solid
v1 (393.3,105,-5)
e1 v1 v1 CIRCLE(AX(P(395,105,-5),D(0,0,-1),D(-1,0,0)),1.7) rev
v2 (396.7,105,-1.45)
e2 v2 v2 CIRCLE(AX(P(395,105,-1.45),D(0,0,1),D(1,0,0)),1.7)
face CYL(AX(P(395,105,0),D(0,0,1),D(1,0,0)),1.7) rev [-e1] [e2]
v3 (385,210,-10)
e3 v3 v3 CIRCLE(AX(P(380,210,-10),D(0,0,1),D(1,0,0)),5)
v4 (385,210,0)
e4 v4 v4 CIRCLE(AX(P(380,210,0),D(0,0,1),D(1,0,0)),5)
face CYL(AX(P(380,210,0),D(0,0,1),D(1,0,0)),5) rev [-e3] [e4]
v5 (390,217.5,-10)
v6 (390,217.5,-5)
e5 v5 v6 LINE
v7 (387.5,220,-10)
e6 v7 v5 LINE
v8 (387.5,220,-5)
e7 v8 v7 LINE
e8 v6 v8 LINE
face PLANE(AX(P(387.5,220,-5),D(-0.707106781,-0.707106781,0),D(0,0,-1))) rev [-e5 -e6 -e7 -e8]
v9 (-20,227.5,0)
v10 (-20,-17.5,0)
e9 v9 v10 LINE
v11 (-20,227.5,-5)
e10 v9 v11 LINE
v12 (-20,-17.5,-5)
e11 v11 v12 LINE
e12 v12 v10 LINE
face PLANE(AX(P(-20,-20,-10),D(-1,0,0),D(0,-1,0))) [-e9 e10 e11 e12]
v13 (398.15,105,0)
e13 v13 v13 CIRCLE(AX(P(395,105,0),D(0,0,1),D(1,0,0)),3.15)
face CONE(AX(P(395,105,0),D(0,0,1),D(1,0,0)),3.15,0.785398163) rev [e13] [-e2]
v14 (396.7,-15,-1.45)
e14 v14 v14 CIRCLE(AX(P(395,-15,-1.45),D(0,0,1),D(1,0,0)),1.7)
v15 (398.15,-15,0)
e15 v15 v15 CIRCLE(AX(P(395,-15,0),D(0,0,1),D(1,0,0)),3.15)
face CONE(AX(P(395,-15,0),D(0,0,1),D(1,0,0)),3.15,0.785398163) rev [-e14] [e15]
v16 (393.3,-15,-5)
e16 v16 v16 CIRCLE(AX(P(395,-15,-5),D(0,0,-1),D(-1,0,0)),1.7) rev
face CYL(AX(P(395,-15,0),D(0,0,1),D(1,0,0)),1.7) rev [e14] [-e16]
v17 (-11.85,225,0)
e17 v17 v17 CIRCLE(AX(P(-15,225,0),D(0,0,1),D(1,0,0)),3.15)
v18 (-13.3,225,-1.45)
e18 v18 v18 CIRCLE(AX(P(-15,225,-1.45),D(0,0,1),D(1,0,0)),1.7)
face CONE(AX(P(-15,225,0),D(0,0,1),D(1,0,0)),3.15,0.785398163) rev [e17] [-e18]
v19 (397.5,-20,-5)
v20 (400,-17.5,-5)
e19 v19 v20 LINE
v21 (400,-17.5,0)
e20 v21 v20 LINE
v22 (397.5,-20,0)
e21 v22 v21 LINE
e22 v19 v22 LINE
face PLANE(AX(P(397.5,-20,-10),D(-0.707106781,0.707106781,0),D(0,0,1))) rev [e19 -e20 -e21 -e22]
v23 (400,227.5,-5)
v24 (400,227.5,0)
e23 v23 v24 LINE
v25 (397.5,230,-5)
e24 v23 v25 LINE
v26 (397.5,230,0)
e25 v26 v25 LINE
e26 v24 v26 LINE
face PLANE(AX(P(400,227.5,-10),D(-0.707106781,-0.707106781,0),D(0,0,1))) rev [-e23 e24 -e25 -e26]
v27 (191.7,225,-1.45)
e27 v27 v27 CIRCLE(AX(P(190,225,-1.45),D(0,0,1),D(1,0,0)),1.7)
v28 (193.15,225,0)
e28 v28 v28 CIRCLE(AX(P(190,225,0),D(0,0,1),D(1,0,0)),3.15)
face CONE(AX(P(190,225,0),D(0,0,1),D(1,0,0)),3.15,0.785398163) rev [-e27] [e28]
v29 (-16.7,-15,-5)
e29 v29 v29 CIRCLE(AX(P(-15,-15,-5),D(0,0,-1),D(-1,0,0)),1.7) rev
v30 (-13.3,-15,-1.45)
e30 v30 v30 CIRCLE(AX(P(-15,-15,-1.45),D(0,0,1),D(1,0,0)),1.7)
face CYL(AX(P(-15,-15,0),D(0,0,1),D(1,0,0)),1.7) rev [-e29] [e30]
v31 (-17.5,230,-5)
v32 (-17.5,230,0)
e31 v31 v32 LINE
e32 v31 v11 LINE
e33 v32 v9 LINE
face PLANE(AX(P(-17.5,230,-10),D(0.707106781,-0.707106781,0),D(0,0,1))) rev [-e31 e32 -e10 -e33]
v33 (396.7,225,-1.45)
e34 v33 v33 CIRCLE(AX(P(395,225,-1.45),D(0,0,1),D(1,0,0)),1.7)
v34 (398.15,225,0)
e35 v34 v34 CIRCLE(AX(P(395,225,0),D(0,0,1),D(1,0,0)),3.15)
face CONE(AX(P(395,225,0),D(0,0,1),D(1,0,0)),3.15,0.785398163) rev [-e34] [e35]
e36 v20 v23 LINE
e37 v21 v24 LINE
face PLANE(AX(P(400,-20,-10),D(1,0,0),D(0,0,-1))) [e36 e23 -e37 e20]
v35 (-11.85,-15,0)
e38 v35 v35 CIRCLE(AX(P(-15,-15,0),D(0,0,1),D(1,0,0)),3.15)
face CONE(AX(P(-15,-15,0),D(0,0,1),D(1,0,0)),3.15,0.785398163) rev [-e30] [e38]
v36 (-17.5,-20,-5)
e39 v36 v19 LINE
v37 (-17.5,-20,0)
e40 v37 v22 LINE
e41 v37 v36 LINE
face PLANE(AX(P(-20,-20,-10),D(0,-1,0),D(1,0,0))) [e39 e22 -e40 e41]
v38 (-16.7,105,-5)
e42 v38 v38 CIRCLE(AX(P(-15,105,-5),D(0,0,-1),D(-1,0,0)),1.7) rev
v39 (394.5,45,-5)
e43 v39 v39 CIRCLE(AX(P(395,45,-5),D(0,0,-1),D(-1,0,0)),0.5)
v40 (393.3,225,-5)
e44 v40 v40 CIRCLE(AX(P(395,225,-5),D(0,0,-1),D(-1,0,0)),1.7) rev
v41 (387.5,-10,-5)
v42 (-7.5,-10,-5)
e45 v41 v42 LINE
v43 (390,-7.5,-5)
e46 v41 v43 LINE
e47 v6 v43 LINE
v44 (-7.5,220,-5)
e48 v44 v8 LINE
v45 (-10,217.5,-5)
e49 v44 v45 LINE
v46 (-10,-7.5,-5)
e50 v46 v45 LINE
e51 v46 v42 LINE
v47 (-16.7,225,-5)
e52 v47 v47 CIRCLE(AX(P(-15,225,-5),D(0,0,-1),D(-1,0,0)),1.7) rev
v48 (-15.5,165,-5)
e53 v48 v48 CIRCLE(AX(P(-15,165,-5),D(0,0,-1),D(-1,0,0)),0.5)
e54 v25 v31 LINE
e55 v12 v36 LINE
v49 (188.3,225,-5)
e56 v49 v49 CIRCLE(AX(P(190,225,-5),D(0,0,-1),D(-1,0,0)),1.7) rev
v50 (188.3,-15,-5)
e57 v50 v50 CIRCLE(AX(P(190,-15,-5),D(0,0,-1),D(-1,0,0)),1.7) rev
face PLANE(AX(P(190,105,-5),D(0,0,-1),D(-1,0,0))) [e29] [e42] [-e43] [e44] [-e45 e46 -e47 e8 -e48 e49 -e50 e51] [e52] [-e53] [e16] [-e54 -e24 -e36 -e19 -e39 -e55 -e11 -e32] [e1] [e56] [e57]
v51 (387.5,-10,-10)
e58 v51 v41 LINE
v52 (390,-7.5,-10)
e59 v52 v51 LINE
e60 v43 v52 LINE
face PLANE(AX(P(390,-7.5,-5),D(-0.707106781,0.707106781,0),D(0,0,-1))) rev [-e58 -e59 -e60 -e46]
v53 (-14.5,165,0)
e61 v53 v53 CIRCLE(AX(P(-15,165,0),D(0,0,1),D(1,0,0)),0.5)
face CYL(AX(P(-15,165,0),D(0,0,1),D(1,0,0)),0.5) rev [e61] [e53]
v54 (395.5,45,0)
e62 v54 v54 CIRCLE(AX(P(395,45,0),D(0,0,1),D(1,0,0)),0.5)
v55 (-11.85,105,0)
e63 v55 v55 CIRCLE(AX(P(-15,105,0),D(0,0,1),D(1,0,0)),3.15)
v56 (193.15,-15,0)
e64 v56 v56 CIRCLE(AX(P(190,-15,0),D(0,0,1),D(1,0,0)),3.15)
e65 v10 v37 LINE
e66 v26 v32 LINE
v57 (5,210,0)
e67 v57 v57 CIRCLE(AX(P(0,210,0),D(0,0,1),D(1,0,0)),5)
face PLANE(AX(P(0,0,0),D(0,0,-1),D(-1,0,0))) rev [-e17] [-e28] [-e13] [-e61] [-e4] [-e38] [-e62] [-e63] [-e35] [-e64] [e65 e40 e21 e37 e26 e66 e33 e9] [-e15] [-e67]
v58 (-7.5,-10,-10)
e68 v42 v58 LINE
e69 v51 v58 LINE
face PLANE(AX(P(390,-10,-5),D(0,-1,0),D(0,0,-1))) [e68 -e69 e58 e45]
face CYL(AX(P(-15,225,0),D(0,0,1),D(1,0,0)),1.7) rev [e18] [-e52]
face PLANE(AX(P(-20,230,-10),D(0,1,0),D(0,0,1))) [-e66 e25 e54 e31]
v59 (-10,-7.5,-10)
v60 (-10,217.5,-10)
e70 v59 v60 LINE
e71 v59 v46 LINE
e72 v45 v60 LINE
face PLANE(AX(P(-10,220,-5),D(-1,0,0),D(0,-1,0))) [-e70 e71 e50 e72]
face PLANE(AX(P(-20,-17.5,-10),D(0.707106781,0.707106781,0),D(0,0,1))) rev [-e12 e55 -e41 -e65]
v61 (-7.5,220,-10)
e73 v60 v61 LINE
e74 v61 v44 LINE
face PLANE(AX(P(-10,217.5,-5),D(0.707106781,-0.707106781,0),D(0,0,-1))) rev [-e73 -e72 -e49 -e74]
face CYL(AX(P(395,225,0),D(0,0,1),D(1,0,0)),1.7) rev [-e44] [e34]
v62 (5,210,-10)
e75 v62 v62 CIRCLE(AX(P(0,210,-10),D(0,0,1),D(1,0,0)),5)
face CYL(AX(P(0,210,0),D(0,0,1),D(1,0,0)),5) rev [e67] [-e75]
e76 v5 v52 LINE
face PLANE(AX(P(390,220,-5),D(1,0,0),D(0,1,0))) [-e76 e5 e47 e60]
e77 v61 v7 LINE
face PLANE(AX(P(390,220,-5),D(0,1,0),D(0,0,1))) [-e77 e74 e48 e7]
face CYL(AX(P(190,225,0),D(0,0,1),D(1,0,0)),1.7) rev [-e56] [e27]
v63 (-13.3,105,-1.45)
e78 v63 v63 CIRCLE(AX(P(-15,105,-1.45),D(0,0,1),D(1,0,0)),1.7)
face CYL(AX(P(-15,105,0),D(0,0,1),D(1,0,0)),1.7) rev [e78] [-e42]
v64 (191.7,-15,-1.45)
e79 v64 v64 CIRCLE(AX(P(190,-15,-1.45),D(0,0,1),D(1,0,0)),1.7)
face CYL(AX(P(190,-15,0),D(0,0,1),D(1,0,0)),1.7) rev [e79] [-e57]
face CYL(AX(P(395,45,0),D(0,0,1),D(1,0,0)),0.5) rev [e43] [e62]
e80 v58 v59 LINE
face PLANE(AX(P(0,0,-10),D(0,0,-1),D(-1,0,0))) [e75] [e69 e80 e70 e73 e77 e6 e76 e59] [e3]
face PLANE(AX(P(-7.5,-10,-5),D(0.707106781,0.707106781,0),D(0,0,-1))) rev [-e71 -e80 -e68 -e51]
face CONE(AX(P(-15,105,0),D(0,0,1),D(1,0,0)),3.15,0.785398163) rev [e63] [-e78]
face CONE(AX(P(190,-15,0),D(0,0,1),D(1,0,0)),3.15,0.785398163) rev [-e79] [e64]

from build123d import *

# Parameters (mm, degrees)
SKETCH1_W                                       = 420
SKETCH1_H                                       = 250
BOSS_EXTRUDE1_DEPTH                             = 10
CHAMFER1_SIZE                                   = 2.5
CSK_FOR_M3_FLAT_HEAD_MACHINE_SCREW2_D           = 3.4
CSK_FOR_M3_FLAT_HEAD_MACHINE_SCREW2_DEPTH       = 15
CSK_FOR_M3_FLAT_HEAD_MACHINE_SCREW2_CSINK_D     = 6.3
CSK_FOR_M3_FLAT_HEAD_MACHINE_SCREW2_CSINK_ANGLE = 90
CSK_FOR_M3_FLAT_HEAD_MACHINE_SCREW2_TIP         = 1.021463052
SKETCH7_OUTSIDE_W                               = 519.776
SKETCH7_OUTSIDE_H                               = 349.776
SKETCH7_OUTSIDE_W_2                             = 400
SKETCH7_OUTSIDE_H_2                             = 230
CUT_EXTRUDE2_DEPTH                              = 5
CHAMFER2_SIZE                                   = 2.5
F_10_0MM_DOWEL_HOLE1_D                          = 10
F_1_0MM_DOWEL_HOLE1_D                           = 1


with BuildPart() as part:
    # Sketch1 → Boss-Extrude1 (new body)
    with BuildSketch(Plane.XY):
        with Locations((190, 105)):
            Rectangle(SKETCH1_W, SKETCH1_H)
    extrude(amount=-BOSS_EXTRUDE1_DEPTH)

    # Chamfer1
    chamfer1_edges = [part.edges().sort_by_distance(p)[0] for p in [
        (-20, 230, -5),
        (400, 230, -5),
        (400, -20, -5),
        (-20, -20, -5),
    ]]
    chamfer(chamfer1_edges, length=CHAMFER1_SIZE)

    # CSK for M3 Flat Head Machine Screw2
    with Locations(Plane.XY):
        with Locations((-15, 225), (190, 225), (395, 225), (395, -15), (190, -15), (-15, -15), (-15, 105), (395, 105)):
            CounterSinkHole(CSK_FOR_M3_FLAT_HEAD_MACHINE_SCREW2_D / 2, CSK_FOR_M3_FLAT_HEAD_MACHINE_SCREW2_CSINK_D / 2, depth=CSK_FOR_M3_FLAT_HEAD_MACHINE_SCREW2_DEPTH, counter_sink_angle=CSK_FOR_M3_FLAT_HEAD_MACHINE_SCREW2_CSINK_ANGLE)
            with Locations((0, 0, -(CSK_FOR_M3_FLAT_HEAD_MACHINE_SCREW2_DEPTH + CSK_FOR_M3_FLAT_HEAD_MACHINE_SCREW2_TIP / 2))):  # 118° drill point
                Cone(0, CSK_FOR_M3_FLAT_HEAD_MACHINE_SCREW2_D / 2, CSK_FOR_M3_FLAT_HEAD_MACHINE_SCREW2_TIP, mode=Mode.SUBTRACT)

    # Sketch7 outside → Cut-Extrude2 (cut)
    with BuildSketch(Plane(origin=(0, 0, -10), x_dir=(-1, 0, 0), z_dir=(0, 0, -1))):
        with Locations((-190, 105)):
            Rectangle(SKETCH7_OUTSIDE_W, SKETCH7_OUTSIDE_H)
        with Locations((-190, 105)):
            Rectangle(SKETCH7_OUTSIDE_W_2, SKETCH7_OUTSIDE_H_2, mode=Mode.SUBTRACT)
    extrude(amount=-CUT_EXTRUDE2_DEPTH, mode=Mode.SUBTRACT)

    # Chamfer2
    chamfer2_edges = [part.edges().sort_by_distance(p)[0] for p in [
        (-10, -10, -7.5),
        (390, -10, -7.5),
        (390, 220, -7.5),
        (-10, 220, -7.5),
    ]]
    chamfer(chamfer2_edges, length=CHAMFER2_SIZE)

    # Ø10.0mm Dowel Hole1 (through all)
    with Locations(Plane.XY):
        with Locations((0, 210)):
            f_10_0mm_dowel_hole1 = Hole(F_10_0MM_DOWEL_HOLE1_D / 2)

    # Mirror1: Ø10.0mm Dowel Hole1 across plane
    add(f_10_0mm_dowel_hole1.mirror(Plane.ZY.offset(-190)), mode=Mode.SUBTRACT)

    # Ø1.0mm Dowel Hole1 (through all)
    with Locations(Plane.XY):
        with Locations((-15, 165), (395, 45)):
            Hole(F_1_0MM_DOWEL_HOLE1_D / 2)


solid = part.part
